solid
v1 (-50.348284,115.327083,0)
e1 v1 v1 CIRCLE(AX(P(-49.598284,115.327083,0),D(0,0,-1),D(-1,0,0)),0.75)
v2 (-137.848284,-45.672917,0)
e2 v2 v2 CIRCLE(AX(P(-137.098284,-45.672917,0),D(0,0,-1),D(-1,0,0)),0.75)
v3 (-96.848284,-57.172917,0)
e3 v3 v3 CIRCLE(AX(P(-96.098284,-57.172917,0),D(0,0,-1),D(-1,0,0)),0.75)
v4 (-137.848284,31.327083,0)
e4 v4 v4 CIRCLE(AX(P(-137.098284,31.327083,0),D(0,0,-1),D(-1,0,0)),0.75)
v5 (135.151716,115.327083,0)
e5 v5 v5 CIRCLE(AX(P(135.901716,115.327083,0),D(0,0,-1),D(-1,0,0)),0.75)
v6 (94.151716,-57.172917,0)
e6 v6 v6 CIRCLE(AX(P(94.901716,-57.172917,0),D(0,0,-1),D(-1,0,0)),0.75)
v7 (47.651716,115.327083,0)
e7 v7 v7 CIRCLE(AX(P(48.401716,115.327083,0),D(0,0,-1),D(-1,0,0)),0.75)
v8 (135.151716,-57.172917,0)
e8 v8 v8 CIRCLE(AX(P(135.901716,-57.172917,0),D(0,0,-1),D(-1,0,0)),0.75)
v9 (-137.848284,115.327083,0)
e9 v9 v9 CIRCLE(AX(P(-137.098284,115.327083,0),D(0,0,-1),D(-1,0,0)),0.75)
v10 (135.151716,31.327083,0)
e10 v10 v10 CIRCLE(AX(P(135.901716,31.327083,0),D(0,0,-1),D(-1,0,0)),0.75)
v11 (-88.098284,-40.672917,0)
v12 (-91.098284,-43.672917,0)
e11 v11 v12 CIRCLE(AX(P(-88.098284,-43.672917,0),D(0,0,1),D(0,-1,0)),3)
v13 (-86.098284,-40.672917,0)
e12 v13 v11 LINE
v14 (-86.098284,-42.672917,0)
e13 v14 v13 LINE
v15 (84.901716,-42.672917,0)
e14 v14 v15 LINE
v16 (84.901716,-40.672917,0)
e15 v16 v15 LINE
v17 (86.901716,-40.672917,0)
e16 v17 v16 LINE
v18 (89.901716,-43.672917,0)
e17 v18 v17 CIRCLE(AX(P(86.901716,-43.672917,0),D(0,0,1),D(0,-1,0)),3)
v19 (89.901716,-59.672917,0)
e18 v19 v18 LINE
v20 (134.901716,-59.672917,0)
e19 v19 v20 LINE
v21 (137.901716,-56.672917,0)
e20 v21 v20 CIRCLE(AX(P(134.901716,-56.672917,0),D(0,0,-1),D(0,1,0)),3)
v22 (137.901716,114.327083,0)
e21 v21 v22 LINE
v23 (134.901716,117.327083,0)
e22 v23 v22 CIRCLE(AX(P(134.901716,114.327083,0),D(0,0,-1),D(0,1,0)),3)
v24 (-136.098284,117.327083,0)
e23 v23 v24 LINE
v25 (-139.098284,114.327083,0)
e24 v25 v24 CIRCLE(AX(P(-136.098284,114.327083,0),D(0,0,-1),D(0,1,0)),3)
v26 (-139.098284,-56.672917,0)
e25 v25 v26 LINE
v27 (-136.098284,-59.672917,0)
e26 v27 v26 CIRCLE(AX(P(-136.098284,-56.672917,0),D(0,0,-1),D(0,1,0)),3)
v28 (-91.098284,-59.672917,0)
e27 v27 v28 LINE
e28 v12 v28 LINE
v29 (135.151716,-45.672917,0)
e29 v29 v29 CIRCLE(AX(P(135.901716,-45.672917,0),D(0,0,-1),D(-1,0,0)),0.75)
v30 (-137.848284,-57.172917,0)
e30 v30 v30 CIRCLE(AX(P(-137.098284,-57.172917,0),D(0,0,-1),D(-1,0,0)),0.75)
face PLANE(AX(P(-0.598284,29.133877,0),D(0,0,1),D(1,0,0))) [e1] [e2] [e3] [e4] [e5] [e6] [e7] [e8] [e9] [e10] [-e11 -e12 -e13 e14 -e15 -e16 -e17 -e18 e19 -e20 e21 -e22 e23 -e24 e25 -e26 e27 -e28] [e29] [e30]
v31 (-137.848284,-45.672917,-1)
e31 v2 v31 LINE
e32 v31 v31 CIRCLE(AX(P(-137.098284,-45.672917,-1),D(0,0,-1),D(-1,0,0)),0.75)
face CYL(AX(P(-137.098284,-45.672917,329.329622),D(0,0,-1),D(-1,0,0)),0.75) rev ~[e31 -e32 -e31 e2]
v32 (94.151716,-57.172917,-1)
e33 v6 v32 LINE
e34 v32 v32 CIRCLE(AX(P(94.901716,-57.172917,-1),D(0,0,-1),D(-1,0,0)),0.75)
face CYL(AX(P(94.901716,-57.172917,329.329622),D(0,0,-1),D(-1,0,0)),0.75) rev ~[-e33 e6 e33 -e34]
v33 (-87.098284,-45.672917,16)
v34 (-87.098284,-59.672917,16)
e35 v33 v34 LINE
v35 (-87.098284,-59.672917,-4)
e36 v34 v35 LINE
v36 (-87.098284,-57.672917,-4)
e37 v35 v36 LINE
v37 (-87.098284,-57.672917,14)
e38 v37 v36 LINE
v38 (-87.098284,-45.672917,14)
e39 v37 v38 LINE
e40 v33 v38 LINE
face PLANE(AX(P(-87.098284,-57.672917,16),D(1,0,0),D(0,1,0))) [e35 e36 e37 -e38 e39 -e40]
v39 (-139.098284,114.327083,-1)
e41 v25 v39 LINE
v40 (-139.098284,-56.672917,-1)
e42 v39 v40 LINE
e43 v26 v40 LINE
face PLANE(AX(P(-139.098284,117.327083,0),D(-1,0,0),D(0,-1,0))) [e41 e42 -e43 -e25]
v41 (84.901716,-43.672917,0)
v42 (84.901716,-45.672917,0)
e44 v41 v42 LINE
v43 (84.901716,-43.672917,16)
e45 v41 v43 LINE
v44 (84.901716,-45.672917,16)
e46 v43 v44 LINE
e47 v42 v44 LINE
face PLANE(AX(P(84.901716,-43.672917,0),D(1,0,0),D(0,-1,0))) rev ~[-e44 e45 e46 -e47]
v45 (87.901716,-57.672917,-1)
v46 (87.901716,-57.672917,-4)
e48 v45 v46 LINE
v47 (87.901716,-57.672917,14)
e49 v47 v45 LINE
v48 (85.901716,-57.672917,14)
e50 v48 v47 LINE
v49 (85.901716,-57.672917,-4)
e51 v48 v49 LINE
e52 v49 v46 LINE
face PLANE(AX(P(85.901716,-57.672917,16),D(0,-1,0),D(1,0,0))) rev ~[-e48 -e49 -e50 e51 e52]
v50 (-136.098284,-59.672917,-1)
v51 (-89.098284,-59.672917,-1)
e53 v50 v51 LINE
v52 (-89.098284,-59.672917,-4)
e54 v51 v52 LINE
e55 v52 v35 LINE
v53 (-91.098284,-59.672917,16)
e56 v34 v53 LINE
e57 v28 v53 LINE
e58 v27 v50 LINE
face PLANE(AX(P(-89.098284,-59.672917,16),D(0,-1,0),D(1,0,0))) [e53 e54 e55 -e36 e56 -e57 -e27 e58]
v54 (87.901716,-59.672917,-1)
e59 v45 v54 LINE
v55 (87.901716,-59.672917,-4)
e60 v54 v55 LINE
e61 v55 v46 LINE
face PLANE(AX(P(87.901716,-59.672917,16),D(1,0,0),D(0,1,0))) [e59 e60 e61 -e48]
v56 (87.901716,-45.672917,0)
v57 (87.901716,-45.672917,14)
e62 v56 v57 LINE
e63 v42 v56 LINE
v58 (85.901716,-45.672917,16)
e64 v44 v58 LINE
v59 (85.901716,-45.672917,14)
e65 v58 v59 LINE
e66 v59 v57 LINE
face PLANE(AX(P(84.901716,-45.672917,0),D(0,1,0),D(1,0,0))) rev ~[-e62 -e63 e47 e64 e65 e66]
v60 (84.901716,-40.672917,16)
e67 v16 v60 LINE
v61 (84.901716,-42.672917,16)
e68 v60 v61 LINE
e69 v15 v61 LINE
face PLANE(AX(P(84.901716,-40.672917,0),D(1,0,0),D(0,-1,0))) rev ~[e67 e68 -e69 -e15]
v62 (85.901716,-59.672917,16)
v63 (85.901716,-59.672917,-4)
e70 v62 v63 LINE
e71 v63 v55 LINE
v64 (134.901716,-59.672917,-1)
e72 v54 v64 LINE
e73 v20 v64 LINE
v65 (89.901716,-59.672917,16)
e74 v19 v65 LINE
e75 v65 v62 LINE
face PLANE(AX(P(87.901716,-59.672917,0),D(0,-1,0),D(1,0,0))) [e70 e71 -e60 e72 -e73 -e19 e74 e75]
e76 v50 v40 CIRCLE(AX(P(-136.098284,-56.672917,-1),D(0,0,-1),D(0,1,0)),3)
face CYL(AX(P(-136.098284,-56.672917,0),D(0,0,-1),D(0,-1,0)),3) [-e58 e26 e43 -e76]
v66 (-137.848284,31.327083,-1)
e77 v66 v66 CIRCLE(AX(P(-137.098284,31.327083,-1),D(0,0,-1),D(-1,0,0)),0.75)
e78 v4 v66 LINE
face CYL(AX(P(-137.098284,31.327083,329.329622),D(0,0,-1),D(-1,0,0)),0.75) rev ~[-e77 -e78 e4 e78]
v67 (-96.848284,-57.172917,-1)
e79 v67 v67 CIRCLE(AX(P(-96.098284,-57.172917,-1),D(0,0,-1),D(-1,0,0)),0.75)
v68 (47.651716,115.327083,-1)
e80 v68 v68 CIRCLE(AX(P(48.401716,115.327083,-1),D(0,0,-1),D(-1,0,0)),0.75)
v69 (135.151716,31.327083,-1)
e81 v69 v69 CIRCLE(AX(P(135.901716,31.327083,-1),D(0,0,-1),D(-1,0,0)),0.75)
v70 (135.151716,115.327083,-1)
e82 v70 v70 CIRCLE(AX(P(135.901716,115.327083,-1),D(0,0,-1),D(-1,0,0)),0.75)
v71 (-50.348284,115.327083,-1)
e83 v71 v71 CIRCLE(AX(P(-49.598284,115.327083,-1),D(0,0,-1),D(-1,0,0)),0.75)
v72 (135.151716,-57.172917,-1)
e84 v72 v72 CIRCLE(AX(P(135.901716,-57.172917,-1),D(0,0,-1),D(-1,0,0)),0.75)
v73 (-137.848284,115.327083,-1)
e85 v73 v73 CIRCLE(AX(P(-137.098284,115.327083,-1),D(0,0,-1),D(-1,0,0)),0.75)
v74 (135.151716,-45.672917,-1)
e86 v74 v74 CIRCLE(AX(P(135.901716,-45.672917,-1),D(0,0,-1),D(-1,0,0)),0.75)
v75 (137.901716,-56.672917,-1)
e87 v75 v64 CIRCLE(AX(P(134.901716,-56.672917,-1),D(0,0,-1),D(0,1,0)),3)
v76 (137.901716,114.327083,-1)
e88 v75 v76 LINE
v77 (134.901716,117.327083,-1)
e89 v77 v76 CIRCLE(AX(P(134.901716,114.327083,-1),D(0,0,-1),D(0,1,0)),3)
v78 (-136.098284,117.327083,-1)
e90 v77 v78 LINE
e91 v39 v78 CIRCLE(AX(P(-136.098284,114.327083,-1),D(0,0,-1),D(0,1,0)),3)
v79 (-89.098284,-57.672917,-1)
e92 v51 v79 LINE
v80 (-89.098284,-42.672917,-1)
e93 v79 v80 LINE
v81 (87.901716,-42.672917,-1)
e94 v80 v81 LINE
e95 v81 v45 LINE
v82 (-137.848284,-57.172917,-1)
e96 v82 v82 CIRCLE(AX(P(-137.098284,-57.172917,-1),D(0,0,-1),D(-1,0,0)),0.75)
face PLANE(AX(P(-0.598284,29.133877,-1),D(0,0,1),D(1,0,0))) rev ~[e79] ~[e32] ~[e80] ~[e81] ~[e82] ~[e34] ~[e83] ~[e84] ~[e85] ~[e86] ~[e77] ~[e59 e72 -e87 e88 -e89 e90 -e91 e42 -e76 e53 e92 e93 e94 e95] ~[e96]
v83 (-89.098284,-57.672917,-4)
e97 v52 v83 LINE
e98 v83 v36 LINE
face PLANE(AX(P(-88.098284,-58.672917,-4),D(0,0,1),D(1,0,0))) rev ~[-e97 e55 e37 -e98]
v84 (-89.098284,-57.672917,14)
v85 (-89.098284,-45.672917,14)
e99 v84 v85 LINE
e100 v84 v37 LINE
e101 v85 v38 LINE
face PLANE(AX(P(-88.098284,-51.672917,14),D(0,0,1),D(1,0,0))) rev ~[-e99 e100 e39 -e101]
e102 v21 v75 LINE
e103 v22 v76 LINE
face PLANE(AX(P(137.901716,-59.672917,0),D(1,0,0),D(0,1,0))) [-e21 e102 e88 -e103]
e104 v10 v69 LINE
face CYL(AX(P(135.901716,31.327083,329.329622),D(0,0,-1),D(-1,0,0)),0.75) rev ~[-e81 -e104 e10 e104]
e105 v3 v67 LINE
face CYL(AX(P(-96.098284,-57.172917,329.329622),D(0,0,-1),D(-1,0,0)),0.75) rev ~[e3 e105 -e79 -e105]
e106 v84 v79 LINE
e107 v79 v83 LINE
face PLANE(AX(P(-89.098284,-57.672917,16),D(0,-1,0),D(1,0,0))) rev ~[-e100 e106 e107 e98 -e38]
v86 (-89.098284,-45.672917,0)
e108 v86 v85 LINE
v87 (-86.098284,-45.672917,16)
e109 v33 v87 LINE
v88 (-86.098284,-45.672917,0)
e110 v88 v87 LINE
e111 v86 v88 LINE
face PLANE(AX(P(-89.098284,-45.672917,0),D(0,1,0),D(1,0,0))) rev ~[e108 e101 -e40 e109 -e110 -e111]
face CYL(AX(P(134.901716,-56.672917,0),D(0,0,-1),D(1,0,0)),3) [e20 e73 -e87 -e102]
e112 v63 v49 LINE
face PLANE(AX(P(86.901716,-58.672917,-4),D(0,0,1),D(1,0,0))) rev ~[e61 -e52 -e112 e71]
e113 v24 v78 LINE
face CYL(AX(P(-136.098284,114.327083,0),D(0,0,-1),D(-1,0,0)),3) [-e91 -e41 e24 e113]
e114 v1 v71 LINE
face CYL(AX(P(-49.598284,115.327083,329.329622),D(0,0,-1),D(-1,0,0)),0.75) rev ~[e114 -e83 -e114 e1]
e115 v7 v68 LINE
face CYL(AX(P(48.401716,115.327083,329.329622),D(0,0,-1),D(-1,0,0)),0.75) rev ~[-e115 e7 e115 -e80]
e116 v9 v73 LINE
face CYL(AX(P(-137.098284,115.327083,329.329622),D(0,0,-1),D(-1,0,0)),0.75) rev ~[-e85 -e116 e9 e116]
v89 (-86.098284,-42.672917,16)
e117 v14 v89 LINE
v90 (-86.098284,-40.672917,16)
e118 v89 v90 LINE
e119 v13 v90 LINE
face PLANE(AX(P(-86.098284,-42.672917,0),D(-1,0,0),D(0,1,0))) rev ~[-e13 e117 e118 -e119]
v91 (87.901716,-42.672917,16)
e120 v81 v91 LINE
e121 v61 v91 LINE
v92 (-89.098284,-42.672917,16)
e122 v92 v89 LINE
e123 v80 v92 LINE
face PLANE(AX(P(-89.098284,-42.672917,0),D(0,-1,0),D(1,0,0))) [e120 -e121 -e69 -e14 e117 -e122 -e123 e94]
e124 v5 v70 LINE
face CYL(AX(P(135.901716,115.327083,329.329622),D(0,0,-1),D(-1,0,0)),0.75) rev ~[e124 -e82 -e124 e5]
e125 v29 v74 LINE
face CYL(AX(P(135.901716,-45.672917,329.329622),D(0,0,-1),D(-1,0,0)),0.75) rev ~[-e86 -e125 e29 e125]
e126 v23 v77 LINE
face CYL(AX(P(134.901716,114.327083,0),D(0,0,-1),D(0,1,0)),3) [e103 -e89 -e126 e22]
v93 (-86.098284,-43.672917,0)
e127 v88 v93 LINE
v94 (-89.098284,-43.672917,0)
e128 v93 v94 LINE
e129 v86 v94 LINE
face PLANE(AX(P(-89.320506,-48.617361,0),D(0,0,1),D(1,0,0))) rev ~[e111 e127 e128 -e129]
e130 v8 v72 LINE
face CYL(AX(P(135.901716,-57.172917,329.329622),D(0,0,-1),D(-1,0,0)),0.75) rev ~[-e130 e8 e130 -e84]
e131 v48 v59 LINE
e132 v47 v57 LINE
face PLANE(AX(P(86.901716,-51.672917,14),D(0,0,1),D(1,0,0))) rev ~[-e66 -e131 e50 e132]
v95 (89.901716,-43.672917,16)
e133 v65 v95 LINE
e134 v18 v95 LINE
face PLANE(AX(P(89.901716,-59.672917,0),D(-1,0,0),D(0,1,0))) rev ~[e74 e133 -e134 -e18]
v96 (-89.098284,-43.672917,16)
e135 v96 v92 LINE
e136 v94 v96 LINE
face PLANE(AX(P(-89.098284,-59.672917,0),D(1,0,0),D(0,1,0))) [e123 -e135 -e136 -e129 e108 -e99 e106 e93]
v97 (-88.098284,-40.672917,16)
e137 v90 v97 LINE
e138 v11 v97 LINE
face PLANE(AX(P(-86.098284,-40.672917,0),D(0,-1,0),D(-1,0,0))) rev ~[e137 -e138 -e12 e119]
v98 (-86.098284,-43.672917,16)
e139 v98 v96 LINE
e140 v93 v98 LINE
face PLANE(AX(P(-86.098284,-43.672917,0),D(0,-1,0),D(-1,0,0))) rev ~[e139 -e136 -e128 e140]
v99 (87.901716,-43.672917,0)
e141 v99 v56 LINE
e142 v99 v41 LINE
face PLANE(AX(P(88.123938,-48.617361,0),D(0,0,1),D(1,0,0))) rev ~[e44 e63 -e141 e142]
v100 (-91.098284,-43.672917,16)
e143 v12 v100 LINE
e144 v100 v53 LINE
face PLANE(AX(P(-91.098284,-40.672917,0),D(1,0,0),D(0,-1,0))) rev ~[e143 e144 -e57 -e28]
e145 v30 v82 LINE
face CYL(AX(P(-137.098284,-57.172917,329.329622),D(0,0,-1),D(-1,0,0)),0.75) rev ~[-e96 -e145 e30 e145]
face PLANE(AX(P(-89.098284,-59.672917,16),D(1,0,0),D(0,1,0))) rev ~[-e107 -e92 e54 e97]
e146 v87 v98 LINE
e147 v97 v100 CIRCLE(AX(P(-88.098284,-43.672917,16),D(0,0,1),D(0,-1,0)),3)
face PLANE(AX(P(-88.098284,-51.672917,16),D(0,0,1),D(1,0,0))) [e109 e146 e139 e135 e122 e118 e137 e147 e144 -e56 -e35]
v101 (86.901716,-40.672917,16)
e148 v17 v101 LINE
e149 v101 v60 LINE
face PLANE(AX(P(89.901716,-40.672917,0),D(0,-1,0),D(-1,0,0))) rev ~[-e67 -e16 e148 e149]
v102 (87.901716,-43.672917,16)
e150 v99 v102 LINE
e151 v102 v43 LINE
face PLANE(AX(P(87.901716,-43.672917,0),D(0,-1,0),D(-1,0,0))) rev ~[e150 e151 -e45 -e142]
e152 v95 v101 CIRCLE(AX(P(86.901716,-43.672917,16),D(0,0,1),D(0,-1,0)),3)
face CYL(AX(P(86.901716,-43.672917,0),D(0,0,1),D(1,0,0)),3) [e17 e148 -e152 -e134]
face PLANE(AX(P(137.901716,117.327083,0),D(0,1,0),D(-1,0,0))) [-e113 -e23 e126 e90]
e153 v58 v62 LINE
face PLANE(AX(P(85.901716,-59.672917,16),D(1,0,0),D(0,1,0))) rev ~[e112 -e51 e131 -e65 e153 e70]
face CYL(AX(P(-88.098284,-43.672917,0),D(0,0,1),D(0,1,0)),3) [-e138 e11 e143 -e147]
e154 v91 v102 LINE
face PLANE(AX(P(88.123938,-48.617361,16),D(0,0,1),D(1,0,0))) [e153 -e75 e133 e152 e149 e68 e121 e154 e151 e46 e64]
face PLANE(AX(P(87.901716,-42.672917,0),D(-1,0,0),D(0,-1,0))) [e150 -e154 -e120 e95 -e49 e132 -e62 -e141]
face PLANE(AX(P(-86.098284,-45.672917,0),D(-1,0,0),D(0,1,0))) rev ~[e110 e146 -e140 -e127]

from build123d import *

# Parameters (mm, degrees)
F2_DEPTH = 16
F4_DEPTH = 1
F5_W     = 2
F5_H     = 2
F6_DEPTH = 20
F7_W     = 2
F7_H     = 12
F8_DEPTH = 2
F10_D    = 1.5
F11_R    = 3


with BuildPart() as f2:
    # F1 (on Top) → F2 (new body)
    with BuildSketch(Plane.XY):
        Polygon((-91.098284, -40.672917), (-91.098284, -59.672917), (-89.098284, -59.672917), (-89.098284, -45.672917), (-86.098284, -45.672917), (-86.098284, -43.672917), (-89.098284, -43.672917), (-89.098284, -42.672917), (-86.098284, -42.672917), (-86.098284, -40.672917), align=None)
        Polygon((84.901716, -42.672917), (87.901716, -42.672917), (87.901716, -43.672917), (84.901716, -43.672917), (84.901716, -45.672917), (87.901716, -45.672917), (87.901716, -59.672917), (89.901716, -59.672917), (89.901716, -40.672917), (84.901716, -40.672917), align=None)
    extrude(amount=F2_DEPTH)

    # F3 (on Top) → F4 (join)
    with BuildSketch(Plane.XY):
        Polygon((-139.098284, -59.672917), (-89.098284, -59.672917), (-89.098284, -42.672917), (87.901716, -42.672917), (87.901716, -59.672917), (137.901716, -59.672917), (137.901716, 117.327083), (-139.098284, 117.327083), align=None)
    extrude(amount=-F4_DEPTH)

    # F5 (on face) → F6 (join)
    with BuildSketch(Plane.XY.offset(16)):
        with Locations((-88.098284, -58.672917)):
            Rectangle(F5_W, F5_H)
        with Locations((86.901716, -58.672917)):
            Rectangle(F5_W, F5_H)
    extrude(amount=-F6_DEPTH)

    # F7 (on face) → F8 (join)
    with BuildSketch(Plane.XY.offset(16)):
        with Locations((-88.098284, -51.672917)):
            Rectangle(F7_W, F7_H)
        with Locations((86.901716, -51.672917)):
            Rectangle(F7_W, F7_H)
    extrude(amount=-F8_DEPTH)

    # F10 (through all)
    with Locations(Plane.XY):
        with Locations((-49.598284, 115.327083), (-137.098284, 31.327083), (-137.098284, -57.172917), (-137.098284, -45.672917), (-137.098284, 115.327083), (135.901716, -45.672917), (-96.098284, -57.172917), (94.901716, -57.172917), (135.901716, -57.172917), (48.401716, 115.327083), (135.901716, 115.327083), (135.901716, 31.327083)):
            Hole(F10_D / 2)

    # F11
    f11_edges = [f2.edges().sort_by_distance(p)[0] for p in [
        (-139.098284, 117.327083, -0.5),
        (137.901716, 117.327083, -0.5),
        (-91.098284, -40.672917, 8),
        (-139.098284, -59.672917, -0.5),
        (89.901716, -40.672917, 8),
        (137.901716, -59.672917, -0.5),
    ]]
    fillet(f11_edges, radius=F11_R)


solid = f2.part
